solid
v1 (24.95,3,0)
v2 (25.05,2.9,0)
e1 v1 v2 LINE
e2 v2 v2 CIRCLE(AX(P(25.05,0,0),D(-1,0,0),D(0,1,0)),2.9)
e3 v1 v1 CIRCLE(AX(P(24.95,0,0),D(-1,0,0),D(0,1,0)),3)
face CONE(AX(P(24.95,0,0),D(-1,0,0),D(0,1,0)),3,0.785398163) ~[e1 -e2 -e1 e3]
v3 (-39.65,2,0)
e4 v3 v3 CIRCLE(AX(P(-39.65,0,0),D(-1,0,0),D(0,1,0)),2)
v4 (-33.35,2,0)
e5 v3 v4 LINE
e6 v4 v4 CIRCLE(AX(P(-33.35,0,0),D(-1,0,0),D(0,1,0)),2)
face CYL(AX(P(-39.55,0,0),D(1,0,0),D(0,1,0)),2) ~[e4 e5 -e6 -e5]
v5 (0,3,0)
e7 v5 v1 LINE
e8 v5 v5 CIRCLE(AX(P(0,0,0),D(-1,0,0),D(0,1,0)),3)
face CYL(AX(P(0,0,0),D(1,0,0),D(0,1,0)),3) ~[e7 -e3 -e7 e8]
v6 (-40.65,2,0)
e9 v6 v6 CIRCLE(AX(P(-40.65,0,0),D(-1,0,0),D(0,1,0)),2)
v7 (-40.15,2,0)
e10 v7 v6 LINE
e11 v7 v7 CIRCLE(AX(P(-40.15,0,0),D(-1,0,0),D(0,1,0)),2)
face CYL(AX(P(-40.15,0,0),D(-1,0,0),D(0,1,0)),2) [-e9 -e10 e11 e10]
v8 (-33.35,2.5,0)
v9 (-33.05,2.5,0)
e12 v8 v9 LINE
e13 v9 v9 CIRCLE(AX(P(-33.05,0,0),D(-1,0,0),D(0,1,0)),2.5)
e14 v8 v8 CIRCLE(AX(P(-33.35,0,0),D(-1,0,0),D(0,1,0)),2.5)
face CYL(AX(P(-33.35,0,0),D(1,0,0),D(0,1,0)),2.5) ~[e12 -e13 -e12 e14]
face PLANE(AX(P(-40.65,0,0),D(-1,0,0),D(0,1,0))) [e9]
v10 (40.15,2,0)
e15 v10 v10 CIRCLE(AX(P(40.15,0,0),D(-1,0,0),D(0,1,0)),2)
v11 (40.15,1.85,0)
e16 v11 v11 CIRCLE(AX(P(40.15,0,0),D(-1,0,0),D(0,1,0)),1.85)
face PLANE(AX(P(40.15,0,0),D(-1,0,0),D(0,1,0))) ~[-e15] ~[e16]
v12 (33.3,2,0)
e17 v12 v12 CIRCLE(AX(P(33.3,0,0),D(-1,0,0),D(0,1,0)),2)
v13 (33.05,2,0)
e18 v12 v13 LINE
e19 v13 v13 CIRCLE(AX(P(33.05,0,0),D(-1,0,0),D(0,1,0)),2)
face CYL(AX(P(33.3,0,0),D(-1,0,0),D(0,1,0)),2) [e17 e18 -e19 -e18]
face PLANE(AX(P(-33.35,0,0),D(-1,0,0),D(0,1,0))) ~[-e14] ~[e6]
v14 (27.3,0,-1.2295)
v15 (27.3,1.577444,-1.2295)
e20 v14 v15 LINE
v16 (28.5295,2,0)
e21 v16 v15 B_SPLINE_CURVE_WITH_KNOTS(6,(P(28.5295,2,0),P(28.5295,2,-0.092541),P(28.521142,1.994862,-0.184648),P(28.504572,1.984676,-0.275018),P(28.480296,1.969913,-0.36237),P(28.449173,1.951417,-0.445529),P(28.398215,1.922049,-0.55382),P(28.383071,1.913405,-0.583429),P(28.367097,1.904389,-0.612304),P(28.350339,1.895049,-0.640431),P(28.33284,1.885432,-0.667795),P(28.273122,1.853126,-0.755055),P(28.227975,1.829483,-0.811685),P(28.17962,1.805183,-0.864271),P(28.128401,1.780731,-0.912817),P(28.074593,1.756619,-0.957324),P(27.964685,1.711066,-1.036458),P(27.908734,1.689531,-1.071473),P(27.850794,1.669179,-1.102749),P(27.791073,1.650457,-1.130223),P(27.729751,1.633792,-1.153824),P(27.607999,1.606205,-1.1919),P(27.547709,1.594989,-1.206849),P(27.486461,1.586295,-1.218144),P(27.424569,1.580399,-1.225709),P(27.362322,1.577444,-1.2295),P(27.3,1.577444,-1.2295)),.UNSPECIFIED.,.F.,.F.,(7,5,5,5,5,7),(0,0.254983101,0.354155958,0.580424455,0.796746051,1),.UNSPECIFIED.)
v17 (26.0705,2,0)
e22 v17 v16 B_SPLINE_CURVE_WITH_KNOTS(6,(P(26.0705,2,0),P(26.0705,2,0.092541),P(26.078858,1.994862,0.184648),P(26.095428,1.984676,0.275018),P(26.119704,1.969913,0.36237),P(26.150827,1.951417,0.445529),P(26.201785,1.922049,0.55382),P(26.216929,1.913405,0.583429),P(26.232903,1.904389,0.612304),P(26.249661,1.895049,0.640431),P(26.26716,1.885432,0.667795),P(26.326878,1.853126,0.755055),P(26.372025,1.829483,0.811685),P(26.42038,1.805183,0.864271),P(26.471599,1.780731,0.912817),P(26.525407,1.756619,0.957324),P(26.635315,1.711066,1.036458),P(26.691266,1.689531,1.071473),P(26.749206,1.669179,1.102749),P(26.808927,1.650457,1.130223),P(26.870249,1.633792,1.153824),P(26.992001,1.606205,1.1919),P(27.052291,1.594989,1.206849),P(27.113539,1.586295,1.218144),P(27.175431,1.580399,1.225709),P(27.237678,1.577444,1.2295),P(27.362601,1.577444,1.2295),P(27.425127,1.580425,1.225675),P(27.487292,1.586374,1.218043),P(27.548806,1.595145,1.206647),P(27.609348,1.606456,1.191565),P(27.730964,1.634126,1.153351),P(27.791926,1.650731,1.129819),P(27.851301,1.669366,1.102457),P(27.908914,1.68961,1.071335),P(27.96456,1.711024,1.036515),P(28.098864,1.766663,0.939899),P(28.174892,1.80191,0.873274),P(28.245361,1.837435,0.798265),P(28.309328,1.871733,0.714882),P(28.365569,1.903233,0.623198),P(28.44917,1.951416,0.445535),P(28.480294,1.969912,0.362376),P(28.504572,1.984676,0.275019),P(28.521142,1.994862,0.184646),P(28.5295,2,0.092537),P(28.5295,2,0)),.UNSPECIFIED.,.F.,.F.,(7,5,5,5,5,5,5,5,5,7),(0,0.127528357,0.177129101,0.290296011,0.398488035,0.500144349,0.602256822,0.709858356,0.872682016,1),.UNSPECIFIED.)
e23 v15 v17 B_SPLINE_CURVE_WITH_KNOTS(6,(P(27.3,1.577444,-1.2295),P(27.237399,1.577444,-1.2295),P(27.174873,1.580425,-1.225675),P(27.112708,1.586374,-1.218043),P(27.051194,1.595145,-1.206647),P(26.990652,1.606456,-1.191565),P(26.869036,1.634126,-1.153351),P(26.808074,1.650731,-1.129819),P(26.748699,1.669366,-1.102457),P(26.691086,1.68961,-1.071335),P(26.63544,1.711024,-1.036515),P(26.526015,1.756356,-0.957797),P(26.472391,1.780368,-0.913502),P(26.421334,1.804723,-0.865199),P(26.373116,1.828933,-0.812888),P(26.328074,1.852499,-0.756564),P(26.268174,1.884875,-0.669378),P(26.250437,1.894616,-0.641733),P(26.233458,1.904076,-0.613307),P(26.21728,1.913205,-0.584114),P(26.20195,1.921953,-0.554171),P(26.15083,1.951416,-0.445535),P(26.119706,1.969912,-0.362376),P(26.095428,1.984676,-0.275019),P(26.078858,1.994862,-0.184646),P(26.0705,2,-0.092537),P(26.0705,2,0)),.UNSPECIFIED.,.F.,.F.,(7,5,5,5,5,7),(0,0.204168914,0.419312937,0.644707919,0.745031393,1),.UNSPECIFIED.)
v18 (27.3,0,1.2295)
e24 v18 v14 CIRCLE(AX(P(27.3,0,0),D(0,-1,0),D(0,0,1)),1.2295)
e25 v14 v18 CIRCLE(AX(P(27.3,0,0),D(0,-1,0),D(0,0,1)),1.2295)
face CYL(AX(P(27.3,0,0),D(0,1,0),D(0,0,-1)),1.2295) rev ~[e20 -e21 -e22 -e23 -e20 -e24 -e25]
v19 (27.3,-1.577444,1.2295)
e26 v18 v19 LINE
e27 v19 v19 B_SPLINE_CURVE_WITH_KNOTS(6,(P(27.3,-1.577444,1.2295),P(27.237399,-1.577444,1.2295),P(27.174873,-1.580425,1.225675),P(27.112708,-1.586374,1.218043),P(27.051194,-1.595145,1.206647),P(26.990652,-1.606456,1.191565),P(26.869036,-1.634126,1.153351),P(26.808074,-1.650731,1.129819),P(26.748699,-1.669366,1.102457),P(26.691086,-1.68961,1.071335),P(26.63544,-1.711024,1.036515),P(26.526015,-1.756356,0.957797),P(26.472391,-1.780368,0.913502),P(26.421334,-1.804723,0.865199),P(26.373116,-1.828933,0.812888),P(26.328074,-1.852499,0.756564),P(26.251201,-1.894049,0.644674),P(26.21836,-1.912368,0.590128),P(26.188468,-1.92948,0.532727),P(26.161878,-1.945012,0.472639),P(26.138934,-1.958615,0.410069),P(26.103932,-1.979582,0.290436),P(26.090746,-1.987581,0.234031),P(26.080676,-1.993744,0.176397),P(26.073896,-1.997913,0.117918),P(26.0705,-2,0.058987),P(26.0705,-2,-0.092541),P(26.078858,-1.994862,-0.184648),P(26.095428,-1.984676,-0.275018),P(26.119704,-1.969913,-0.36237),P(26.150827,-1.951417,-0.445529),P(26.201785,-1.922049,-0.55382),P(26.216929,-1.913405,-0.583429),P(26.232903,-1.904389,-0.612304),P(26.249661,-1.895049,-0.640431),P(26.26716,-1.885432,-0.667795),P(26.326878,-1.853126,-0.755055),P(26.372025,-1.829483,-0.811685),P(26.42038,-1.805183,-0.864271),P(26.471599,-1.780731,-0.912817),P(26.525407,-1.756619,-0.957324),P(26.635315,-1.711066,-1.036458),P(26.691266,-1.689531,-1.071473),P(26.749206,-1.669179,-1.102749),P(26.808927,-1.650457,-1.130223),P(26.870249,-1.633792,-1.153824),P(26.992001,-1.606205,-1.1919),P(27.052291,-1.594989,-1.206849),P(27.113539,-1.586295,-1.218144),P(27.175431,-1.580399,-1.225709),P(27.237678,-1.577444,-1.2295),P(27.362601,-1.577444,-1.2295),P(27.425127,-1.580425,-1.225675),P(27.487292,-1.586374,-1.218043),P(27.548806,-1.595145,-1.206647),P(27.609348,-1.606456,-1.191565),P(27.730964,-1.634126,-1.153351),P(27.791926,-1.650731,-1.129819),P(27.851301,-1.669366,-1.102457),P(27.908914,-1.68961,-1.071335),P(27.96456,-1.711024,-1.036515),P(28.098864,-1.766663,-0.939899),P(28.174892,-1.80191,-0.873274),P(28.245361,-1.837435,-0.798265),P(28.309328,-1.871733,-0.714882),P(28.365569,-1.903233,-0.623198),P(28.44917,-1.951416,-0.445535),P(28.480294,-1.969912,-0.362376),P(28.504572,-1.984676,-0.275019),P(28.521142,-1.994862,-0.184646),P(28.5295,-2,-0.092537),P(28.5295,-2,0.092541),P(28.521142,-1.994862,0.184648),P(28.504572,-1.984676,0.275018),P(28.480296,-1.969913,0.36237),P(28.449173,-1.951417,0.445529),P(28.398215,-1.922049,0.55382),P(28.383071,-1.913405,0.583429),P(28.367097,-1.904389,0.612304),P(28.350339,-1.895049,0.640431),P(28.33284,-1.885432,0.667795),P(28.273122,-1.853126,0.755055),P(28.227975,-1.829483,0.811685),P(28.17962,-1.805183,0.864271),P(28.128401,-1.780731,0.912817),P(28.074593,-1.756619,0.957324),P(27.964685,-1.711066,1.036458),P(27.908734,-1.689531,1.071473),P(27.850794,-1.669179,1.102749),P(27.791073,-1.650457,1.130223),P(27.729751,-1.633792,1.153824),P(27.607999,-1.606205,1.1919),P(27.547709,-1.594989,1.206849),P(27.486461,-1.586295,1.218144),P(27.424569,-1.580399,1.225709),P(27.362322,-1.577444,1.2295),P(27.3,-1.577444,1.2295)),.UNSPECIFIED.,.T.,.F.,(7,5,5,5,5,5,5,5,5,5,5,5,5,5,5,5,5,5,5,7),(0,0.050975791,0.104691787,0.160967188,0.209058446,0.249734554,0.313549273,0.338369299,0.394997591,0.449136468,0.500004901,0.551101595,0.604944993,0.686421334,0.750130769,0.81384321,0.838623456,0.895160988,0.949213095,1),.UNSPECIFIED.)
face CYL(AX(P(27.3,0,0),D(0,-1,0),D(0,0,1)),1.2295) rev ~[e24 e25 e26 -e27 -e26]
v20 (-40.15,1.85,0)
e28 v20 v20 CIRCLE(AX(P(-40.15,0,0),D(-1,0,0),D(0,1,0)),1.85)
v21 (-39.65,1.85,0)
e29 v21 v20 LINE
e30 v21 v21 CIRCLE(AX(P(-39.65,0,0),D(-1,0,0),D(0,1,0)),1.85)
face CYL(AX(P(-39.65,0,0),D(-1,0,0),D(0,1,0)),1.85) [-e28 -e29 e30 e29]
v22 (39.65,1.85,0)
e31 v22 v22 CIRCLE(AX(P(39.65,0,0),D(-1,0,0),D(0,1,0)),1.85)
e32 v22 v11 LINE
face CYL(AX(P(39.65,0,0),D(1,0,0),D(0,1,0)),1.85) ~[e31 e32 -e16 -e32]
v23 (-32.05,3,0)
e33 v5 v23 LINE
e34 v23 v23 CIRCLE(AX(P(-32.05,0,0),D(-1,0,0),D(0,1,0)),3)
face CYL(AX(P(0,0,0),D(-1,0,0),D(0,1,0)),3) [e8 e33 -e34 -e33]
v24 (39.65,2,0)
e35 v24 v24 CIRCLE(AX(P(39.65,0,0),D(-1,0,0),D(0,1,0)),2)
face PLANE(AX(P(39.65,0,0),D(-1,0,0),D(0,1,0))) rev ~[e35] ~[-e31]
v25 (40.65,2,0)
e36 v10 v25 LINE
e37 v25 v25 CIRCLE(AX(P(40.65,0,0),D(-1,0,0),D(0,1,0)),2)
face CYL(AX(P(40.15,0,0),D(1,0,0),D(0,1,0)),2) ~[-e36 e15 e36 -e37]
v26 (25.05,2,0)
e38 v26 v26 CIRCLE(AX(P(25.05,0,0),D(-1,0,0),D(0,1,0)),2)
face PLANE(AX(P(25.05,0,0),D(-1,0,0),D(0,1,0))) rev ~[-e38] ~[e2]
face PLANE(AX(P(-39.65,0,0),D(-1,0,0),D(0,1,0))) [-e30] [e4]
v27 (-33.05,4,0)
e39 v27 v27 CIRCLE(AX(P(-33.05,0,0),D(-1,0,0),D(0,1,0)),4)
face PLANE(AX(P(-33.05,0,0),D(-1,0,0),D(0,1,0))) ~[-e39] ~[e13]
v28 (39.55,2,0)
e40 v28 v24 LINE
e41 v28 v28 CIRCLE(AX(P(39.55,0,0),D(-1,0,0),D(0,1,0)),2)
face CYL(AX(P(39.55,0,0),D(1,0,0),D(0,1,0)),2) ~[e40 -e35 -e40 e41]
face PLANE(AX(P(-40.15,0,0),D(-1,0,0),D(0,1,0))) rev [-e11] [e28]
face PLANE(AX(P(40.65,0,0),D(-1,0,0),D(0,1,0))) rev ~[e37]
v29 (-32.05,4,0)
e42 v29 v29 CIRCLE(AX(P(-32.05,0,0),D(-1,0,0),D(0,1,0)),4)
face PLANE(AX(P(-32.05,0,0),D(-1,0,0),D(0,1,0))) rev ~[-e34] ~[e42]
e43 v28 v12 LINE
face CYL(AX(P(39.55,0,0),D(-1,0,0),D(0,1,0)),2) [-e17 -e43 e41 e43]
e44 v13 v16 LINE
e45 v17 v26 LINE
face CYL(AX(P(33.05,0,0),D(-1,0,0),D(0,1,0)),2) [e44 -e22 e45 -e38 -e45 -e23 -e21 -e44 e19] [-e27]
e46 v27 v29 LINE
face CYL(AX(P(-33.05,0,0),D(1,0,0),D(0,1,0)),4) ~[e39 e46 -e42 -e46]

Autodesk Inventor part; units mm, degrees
ref_plane "YZ Plane" through (0, 0, 0) normal (1, 0, 0) x (0, 1, 0)
ref_plane "XZ Plane" through (0, 0, 0) normal (0, 1, 0) x (-1, 0, 0)
ref_plane "XY Plane" through (0, 0, 0) normal (0, 0, 1) x (1, 0, 0)
sketch "Skizze1" plane through (0, 0, 0) normal (0, 0, 1) x (1, 0, 0)
  line L0 (0, 0) -> (-39.55, 0)
  line L1 (-39.55, 0) -> (-39.55, 2)
  line L2 (-39.55, 2) -> (-33.35, 2)
  line L3 (-33.35, 2) -> (-33.35, 2.5)
  line L4 (-33.35, 2.5) -> (-33.05, 2.5)
  line L5 (-33.05, 2.5) -> (-33.05, 4)
  line L6 (-33.05, 4) -> (-32.05, 4)
  line L7 (-32.05, 4) -> (-32.05, 3)
  line L8 (0, 0) -> (0, 3) construction
  line L9 (0, 3) -> (-32.05, 3)
  line L10 (0, 0) -> (39.55, 0)
  line L11 (39.55, 0) -> (39.55, 2)
  line L12 (39.55, 2) -> (33.3, 2)
  line L13 (33.3, 2) -> (33.05, 2)
  line L14 (33.05, 2) -> (25.05, 2)
  line L15 (0, 3) -> (25.05, 3)
  line L16 (25.05, 3) -> (25.05, 2)
  line L17 (-39.55, 2) -> (-39.65, 2)
  line L18 (-39.65, 2) -> (-39.65, 1.85)
  line L19 (-39.65, 1.85) -> (-40.15, 1.85)
  line L20 (-40.15, 1.85) -> (-40.15, 2)
  line L21 (-40.15, 2) -> (-40.65, 2)
  line L22 (-40.65, 2) -> (-40.65, 0)
  line L23 (-40.65, 0) -> (-39.55, 0)
  line L24 (39.55, 2) -> (39.65, 2)
  line L25 (39.65, 2) -> (39.65, 1.85)
  line L26 (39.65, 1.85) -> (40.15, 1.85)
  line L27 (40.15, 1.85) -> (40.15, 2)
  line L28 (40.15, 2) -> (40.65, 2)
  line L29 (40.65, 2) -> (40.65, 0)
  line L30 (40.65, 0) -> (39.55, 0)
  dimension "d0" = 39.55
  dimension "d1" = 2
  dimension "d2" = 6.2
  dimension "d3" = 0.5
  dimension "d4" = 0.3
  dimension "d5" = 1.5
  dimension "d6" = 1
  dimension "d7" = 3
  dimension "d8" = 32.05
  dimension "d9" = 39.55
  dimension "d10" = 2
  dimension "d13" = 0.25
  dimension "d14" = 8
  dimension "d16" = 25.05
  dimension "d17" = 0.1
  dimension "d18" = 0.15
  dimension "d19" = 0.5
  dimension "d20" = 0.5
  dimension "d21" = 0.1
  dimension "d22" = 0.15
  dimension "d23" = 0.5
  dimension "d24" = 0.5
revolve "Umdrehung1" add sketch "Skizze1" angle 360 about axis through (0, 0, 0) along (-1, 0, 0)
sketch "Skizze2" plane through (0, 0, 0) normal (0, 1, 0) x (-1, 0, 0)
  line L0 (-25.05, -3) -> (-25.05, 3) projected
  line L1 (-25.05, 0) -> (-27.3, 0)
  point P0 (0, 0)
  dimension "d26" = 2.25
hole "Bohrung1" at (27.3, 0, 0) direction (0, -1, 0) diameter 2.459 depth 8.8 thread size "M3x0.5" class "6H" standard "ISO Metric profile"
hole "Bohrung2" at (27.3, 0, 0) direction (0, 1, 0) diameter 2.459 depth 8.8 thread size "M3x0.5" class "6H" standard "ISO Metric profile"
chamfer "Fasen1" distance 0.1 angle 45 1 edges at (25.05, -3, 0)
properties part number "DribblerWelle"
